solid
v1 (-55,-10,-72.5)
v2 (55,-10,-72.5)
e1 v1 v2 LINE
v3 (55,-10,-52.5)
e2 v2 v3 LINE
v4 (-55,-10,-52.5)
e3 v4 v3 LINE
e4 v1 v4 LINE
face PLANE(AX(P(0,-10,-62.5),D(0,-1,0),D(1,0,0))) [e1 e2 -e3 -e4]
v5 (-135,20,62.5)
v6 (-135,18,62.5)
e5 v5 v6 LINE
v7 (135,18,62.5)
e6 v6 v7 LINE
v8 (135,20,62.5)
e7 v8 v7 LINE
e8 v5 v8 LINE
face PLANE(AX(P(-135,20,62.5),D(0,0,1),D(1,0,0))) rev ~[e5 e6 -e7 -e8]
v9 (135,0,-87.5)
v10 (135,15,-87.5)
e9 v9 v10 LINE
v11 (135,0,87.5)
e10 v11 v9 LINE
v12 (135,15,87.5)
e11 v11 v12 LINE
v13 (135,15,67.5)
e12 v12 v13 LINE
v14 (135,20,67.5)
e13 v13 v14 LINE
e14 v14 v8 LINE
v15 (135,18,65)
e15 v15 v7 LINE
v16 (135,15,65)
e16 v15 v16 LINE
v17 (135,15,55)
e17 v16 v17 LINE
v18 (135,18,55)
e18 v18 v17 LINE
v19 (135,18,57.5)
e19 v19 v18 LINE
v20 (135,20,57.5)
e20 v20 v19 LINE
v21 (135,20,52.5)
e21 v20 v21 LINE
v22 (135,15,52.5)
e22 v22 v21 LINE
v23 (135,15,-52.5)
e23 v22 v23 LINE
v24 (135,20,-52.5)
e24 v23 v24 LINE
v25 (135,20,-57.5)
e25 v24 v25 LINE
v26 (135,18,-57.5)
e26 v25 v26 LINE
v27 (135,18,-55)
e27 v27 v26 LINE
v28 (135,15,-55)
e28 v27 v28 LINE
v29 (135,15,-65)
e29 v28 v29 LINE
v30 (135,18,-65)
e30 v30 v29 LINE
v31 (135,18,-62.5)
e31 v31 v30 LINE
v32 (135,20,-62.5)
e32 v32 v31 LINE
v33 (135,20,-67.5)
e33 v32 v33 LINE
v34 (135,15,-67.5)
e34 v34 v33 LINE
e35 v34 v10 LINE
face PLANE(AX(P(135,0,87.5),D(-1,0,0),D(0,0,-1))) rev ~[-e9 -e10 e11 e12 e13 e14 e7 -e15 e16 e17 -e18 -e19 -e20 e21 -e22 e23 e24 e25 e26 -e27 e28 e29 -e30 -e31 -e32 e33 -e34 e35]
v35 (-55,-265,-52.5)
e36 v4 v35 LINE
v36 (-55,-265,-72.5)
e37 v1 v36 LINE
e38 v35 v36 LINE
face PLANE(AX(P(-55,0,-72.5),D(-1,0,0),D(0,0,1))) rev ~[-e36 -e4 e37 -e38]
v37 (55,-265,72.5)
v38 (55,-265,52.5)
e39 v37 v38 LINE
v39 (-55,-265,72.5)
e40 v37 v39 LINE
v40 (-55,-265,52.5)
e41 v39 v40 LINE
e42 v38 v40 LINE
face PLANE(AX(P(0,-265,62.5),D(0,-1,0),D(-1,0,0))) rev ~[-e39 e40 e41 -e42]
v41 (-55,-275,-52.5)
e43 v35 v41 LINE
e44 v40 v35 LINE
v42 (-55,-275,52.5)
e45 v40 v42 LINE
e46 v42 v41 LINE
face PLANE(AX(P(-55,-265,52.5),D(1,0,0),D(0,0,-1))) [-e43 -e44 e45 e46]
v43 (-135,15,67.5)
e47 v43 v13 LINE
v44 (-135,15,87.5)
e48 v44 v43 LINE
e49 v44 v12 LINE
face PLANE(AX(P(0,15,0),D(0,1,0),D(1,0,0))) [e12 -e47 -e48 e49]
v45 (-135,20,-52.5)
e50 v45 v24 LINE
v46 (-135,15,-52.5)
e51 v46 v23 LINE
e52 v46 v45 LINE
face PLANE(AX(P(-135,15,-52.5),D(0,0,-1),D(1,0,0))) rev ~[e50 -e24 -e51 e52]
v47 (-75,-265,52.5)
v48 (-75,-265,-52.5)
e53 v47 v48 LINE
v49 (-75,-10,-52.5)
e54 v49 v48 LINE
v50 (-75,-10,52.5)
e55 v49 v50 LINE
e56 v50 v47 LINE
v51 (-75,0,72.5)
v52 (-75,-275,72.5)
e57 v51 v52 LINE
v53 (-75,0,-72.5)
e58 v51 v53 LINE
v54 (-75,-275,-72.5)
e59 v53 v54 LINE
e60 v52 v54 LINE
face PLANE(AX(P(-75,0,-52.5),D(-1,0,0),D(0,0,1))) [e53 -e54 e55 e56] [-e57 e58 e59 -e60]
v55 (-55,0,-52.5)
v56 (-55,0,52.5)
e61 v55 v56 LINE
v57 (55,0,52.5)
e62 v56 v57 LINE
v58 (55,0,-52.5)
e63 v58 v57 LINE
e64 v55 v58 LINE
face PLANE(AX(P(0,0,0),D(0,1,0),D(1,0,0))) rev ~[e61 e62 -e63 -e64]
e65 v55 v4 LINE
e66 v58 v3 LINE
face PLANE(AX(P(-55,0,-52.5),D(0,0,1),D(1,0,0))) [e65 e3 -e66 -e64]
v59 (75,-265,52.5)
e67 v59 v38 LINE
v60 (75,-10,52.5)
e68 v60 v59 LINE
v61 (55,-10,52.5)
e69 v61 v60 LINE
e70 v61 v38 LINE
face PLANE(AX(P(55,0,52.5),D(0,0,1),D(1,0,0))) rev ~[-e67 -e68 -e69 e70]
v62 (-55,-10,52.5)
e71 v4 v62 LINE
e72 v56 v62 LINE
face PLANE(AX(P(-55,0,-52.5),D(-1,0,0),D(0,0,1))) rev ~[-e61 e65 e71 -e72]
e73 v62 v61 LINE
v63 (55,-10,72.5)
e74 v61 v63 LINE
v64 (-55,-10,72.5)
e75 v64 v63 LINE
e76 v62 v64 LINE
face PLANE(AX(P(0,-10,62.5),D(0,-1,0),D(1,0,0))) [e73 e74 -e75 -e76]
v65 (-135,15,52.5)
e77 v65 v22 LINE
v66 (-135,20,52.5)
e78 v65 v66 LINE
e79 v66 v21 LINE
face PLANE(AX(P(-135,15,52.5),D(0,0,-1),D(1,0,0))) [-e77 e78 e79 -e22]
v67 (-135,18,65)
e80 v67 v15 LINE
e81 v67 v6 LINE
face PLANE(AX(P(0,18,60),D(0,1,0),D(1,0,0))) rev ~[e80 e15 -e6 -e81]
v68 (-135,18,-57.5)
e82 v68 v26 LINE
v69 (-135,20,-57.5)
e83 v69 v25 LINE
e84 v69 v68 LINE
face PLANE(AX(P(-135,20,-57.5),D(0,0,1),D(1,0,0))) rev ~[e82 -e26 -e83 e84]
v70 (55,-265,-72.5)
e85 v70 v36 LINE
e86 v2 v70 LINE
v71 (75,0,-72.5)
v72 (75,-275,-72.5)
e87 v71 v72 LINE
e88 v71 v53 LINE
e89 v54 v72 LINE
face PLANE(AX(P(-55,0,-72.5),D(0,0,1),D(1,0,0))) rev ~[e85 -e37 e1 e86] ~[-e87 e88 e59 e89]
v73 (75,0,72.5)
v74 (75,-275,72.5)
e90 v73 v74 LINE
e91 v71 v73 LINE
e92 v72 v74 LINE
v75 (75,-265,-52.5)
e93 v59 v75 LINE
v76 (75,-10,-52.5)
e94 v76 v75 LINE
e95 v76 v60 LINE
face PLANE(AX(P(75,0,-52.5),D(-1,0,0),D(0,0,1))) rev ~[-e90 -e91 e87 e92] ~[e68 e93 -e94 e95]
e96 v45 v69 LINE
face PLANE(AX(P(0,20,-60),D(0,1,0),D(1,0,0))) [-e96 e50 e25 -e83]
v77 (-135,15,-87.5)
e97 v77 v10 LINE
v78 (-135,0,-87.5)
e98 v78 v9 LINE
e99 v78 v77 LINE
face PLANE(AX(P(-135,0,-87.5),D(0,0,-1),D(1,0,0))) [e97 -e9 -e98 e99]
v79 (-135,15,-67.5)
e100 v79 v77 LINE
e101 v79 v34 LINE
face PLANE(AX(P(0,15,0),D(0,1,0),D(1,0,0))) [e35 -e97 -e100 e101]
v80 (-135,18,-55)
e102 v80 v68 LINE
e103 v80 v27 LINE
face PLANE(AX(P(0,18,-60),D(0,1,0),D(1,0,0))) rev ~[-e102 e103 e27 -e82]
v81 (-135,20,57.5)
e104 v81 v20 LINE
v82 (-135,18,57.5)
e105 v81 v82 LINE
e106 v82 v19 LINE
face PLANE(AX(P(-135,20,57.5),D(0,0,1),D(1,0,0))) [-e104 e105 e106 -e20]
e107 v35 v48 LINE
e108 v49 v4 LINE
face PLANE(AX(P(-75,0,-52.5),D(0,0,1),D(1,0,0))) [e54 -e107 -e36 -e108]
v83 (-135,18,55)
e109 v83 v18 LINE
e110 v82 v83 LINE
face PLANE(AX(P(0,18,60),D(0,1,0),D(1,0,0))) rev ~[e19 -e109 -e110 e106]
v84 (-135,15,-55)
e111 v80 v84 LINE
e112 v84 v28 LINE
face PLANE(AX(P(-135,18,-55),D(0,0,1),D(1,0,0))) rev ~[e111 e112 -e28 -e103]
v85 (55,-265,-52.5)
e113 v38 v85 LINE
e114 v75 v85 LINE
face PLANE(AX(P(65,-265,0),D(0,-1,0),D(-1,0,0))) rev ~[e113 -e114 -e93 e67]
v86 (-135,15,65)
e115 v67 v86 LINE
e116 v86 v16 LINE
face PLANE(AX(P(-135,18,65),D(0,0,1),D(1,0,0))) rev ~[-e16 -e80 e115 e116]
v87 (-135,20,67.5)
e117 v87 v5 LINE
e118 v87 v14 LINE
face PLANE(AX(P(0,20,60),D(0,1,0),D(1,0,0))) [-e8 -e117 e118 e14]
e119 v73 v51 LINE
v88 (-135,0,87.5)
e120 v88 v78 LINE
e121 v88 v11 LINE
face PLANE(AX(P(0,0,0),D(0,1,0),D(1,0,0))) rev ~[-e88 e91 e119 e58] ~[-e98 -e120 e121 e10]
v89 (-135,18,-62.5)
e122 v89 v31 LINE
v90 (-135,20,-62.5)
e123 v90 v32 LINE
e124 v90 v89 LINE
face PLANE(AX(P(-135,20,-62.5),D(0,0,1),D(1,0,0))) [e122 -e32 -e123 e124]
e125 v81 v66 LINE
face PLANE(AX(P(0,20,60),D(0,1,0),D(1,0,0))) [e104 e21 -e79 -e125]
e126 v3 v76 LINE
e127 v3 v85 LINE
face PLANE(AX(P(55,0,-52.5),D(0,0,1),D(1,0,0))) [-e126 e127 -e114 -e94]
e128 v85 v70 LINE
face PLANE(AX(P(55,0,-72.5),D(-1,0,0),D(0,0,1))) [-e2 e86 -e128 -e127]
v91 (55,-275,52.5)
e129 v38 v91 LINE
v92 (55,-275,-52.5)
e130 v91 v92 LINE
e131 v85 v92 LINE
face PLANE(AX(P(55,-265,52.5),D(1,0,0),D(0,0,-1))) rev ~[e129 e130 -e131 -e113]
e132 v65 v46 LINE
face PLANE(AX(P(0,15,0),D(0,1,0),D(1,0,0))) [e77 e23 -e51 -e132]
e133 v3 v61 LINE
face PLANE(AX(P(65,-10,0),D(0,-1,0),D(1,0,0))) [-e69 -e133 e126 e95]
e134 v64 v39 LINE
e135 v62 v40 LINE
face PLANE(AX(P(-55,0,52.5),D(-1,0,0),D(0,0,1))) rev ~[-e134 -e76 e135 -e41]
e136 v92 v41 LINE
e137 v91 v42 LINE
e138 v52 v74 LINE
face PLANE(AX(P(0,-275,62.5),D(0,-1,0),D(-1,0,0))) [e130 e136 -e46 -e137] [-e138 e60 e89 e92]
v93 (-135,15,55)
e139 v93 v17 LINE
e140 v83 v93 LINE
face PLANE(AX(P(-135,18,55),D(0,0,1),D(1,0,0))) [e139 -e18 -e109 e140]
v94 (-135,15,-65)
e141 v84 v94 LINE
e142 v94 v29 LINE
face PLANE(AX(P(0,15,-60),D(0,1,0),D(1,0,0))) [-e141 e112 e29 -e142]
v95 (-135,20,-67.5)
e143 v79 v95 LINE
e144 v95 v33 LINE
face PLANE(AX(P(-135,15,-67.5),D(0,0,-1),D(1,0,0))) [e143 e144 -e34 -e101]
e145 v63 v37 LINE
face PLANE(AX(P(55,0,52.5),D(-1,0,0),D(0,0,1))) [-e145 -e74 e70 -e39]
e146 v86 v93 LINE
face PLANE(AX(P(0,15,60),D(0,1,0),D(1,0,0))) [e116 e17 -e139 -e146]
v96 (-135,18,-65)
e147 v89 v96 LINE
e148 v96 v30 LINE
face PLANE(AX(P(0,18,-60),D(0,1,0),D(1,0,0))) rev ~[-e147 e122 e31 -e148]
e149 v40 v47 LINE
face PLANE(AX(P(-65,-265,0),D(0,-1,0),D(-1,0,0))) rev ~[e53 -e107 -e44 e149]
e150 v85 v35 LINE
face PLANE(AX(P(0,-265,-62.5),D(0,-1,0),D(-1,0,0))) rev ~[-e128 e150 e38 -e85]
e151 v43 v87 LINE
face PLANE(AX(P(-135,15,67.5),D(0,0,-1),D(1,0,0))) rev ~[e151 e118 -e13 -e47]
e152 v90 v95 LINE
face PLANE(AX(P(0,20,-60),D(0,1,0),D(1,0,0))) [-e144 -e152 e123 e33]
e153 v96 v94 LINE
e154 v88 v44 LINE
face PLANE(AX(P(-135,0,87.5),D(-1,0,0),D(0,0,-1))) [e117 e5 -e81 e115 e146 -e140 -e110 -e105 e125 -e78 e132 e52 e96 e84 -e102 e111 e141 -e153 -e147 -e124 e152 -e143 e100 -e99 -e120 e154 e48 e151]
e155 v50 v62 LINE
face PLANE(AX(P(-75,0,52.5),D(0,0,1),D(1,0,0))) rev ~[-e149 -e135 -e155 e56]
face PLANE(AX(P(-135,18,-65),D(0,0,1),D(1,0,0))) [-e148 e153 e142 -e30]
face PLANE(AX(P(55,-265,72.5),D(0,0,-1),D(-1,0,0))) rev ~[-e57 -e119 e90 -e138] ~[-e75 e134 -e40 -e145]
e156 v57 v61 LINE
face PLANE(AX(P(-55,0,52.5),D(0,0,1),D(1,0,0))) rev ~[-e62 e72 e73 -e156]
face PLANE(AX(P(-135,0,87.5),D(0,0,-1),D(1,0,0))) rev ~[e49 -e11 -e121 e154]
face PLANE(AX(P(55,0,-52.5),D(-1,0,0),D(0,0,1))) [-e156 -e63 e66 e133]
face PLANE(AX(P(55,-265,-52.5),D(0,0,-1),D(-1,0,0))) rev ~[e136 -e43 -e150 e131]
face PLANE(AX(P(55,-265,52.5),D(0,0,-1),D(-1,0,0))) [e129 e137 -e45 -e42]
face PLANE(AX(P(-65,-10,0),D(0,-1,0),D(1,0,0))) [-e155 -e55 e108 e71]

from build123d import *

# Parameters (mm, degrees)
SKETCH_1_W          = 270
SKETCH_1_H          = 175
EXTRUDE_1_DEPTH     = 15
SKETCH_2_W          = 20
SKETCH_2_H          = 20
EXTRUDE_5_DEPTH     = 275
SKETCH_5_W          = 110
SKETCH_5_H          = 20
SKETCH_5_W_2        = 20
SKETCH_5_H_2        = 105
EXTRUDE_6_DEPTH     = 10
SKETCH_6_W          = 110
SKETCH_6_H          = 20
SKETCH_6_W_2        = 20
SKETCH_6_H_2        = 105
EXTRUDE_7_DEPTH     = 10
SKETCH_7_W          = 270
SKETCH_7_H          = 15
EXTRUDE_8_DEPTH     = 5
SKETCH_8_W          = 270
SKETCH_8_H          = 5
CUT_EXTRUDE_1_DEPTH = 2
SKETCH_10_W         = 270
SKETCH_10_H         = 10
CUT_EXTRUDE_2_DEPTH = 3


with BuildPart() as part:
    # Sketch 1 → Extrude 1 (new body)
    with BuildSketch(Plane(origin=(0, 0, 0), x_dir=(1, 0, 0), z_dir=(0, 1, 0))):
        Rectangle(SKETCH_1_W, SKETCH_1_H)
    extrude(amount=EXTRUDE_1_DEPTH)

    # Sketch 2 → Extrude 5 (add)
    with BuildSketch(Plane.XZ):
        with Locations((65, -62.5)):
            Rectangle(SKETCH_2_W, SKETCH_2_H)
        with Locations((65, 62.5)):
            Rectangle(SKETCH_2_W, SKETCH_2_H)
        with Locations((-65, 62.5)):
            Rectangle(SKETCH_2_W, SKETCH_2_H)
        with Locations((-65, -62.5)):
            Rectangle(SKETCH_2_W, SKETCH_2_H)
    extrude(amount=EXTRUDE_5_DEPTH)

    # Sketch 5 → Extrude 6 (add)
    with BuildSketch(Plane.XZ):
        with Locations((0, 62.5)):
            Rectangle(SKETCH_5_W, SKETCH_5_H)
        with Locations((-65, 0)):
            Rectangle(SKETCH_5_W_2, SKETCH_5_H_2)
        with Locations((0, -62.5)):
            Rectangle(SKETCH_5_W, SKETCH_5_H)
        with Locations((65, 0)):
            Rectangle(SKETCH_5_W_2, SKETCH_5_H_2)
    extrude(amount=EXTRUDE_6_DEPTH)

    # Sketch 6 → Extrude 7 (add)
    with BuildSketch(Plane(origin=(0, -265, 0), x_dir=(-1, 0, 0), z_dir=(0, -1, 0))):
        with Locations((0, -62.5)):
            Rectangle(SKETCH_6_W, SKETCH_6_H)
        with Locations((65, 0)):
            Rectangle(SKETCH_6_W_2, SKETCH_6_H_2)
        with Locations((0, 62.5)):
            Rectangle(SKETCH_6_W, SKETCH_6_H)
        with Locations((-65, 0)):
            Rectangle(SKETCH_6_W_2, SKETCH_6_H_2)
    extrude(amount=EXTRUDE_7_DEPTH)

    # Sketch 7 → Extrude 8 (add)
    with BuildSketch(Plane(origin=(0, 15, 0), x_dir=(1, 0, 0), z_dir=(0, 1, 0))):
        with Locations((0, 60)):
            Rectangle(SKETCH_7_W, SKETCH_7_H)
        with Locations((0, -60)):
            Rectangle(SKETCH_7_W, SKETCH_7_H)
    extrude(amount=EXTRUDE_8_DEPTH)

    # Sketch 8 → Cut-Extrude 1 (cut)
    with BuildSketch(Plane(origin=(0, 20, 0), x_dir=(1, 0, 0), z_dir=(0, 1, 0))):
        with Locations((0, -60)):
            Rectangle(SKETCH_8_W, SKETCH_8_H)
        with Locations((0, 60)):
            Rectangle(SKETCH_8_W, SKETCH_8_H)
    extrude(amount=-CUT_EXTRUDE_1_DEPTH, mode=Mode.SUBTRACT)

    # Sketch 10 → Cut-Extrude 2 (cut)
    with BuildSketch(Plane(origin=(0, 18, 0), x_dir=(1, 0, 0), z_dir=(0, 1, 0))):
        with Locations((0, -60)):
            Rectangle(SKETCH_10_W, SKETCH_10_H)
        with Locations((0, 60)):
            Rectangle(SKETCH_10_W, SKETCH_10_H)
    extrude(amount=-CUT_EXTRUDE_2_DEPTH, mode=Mode.SUBTRACT)


solid = part.part
